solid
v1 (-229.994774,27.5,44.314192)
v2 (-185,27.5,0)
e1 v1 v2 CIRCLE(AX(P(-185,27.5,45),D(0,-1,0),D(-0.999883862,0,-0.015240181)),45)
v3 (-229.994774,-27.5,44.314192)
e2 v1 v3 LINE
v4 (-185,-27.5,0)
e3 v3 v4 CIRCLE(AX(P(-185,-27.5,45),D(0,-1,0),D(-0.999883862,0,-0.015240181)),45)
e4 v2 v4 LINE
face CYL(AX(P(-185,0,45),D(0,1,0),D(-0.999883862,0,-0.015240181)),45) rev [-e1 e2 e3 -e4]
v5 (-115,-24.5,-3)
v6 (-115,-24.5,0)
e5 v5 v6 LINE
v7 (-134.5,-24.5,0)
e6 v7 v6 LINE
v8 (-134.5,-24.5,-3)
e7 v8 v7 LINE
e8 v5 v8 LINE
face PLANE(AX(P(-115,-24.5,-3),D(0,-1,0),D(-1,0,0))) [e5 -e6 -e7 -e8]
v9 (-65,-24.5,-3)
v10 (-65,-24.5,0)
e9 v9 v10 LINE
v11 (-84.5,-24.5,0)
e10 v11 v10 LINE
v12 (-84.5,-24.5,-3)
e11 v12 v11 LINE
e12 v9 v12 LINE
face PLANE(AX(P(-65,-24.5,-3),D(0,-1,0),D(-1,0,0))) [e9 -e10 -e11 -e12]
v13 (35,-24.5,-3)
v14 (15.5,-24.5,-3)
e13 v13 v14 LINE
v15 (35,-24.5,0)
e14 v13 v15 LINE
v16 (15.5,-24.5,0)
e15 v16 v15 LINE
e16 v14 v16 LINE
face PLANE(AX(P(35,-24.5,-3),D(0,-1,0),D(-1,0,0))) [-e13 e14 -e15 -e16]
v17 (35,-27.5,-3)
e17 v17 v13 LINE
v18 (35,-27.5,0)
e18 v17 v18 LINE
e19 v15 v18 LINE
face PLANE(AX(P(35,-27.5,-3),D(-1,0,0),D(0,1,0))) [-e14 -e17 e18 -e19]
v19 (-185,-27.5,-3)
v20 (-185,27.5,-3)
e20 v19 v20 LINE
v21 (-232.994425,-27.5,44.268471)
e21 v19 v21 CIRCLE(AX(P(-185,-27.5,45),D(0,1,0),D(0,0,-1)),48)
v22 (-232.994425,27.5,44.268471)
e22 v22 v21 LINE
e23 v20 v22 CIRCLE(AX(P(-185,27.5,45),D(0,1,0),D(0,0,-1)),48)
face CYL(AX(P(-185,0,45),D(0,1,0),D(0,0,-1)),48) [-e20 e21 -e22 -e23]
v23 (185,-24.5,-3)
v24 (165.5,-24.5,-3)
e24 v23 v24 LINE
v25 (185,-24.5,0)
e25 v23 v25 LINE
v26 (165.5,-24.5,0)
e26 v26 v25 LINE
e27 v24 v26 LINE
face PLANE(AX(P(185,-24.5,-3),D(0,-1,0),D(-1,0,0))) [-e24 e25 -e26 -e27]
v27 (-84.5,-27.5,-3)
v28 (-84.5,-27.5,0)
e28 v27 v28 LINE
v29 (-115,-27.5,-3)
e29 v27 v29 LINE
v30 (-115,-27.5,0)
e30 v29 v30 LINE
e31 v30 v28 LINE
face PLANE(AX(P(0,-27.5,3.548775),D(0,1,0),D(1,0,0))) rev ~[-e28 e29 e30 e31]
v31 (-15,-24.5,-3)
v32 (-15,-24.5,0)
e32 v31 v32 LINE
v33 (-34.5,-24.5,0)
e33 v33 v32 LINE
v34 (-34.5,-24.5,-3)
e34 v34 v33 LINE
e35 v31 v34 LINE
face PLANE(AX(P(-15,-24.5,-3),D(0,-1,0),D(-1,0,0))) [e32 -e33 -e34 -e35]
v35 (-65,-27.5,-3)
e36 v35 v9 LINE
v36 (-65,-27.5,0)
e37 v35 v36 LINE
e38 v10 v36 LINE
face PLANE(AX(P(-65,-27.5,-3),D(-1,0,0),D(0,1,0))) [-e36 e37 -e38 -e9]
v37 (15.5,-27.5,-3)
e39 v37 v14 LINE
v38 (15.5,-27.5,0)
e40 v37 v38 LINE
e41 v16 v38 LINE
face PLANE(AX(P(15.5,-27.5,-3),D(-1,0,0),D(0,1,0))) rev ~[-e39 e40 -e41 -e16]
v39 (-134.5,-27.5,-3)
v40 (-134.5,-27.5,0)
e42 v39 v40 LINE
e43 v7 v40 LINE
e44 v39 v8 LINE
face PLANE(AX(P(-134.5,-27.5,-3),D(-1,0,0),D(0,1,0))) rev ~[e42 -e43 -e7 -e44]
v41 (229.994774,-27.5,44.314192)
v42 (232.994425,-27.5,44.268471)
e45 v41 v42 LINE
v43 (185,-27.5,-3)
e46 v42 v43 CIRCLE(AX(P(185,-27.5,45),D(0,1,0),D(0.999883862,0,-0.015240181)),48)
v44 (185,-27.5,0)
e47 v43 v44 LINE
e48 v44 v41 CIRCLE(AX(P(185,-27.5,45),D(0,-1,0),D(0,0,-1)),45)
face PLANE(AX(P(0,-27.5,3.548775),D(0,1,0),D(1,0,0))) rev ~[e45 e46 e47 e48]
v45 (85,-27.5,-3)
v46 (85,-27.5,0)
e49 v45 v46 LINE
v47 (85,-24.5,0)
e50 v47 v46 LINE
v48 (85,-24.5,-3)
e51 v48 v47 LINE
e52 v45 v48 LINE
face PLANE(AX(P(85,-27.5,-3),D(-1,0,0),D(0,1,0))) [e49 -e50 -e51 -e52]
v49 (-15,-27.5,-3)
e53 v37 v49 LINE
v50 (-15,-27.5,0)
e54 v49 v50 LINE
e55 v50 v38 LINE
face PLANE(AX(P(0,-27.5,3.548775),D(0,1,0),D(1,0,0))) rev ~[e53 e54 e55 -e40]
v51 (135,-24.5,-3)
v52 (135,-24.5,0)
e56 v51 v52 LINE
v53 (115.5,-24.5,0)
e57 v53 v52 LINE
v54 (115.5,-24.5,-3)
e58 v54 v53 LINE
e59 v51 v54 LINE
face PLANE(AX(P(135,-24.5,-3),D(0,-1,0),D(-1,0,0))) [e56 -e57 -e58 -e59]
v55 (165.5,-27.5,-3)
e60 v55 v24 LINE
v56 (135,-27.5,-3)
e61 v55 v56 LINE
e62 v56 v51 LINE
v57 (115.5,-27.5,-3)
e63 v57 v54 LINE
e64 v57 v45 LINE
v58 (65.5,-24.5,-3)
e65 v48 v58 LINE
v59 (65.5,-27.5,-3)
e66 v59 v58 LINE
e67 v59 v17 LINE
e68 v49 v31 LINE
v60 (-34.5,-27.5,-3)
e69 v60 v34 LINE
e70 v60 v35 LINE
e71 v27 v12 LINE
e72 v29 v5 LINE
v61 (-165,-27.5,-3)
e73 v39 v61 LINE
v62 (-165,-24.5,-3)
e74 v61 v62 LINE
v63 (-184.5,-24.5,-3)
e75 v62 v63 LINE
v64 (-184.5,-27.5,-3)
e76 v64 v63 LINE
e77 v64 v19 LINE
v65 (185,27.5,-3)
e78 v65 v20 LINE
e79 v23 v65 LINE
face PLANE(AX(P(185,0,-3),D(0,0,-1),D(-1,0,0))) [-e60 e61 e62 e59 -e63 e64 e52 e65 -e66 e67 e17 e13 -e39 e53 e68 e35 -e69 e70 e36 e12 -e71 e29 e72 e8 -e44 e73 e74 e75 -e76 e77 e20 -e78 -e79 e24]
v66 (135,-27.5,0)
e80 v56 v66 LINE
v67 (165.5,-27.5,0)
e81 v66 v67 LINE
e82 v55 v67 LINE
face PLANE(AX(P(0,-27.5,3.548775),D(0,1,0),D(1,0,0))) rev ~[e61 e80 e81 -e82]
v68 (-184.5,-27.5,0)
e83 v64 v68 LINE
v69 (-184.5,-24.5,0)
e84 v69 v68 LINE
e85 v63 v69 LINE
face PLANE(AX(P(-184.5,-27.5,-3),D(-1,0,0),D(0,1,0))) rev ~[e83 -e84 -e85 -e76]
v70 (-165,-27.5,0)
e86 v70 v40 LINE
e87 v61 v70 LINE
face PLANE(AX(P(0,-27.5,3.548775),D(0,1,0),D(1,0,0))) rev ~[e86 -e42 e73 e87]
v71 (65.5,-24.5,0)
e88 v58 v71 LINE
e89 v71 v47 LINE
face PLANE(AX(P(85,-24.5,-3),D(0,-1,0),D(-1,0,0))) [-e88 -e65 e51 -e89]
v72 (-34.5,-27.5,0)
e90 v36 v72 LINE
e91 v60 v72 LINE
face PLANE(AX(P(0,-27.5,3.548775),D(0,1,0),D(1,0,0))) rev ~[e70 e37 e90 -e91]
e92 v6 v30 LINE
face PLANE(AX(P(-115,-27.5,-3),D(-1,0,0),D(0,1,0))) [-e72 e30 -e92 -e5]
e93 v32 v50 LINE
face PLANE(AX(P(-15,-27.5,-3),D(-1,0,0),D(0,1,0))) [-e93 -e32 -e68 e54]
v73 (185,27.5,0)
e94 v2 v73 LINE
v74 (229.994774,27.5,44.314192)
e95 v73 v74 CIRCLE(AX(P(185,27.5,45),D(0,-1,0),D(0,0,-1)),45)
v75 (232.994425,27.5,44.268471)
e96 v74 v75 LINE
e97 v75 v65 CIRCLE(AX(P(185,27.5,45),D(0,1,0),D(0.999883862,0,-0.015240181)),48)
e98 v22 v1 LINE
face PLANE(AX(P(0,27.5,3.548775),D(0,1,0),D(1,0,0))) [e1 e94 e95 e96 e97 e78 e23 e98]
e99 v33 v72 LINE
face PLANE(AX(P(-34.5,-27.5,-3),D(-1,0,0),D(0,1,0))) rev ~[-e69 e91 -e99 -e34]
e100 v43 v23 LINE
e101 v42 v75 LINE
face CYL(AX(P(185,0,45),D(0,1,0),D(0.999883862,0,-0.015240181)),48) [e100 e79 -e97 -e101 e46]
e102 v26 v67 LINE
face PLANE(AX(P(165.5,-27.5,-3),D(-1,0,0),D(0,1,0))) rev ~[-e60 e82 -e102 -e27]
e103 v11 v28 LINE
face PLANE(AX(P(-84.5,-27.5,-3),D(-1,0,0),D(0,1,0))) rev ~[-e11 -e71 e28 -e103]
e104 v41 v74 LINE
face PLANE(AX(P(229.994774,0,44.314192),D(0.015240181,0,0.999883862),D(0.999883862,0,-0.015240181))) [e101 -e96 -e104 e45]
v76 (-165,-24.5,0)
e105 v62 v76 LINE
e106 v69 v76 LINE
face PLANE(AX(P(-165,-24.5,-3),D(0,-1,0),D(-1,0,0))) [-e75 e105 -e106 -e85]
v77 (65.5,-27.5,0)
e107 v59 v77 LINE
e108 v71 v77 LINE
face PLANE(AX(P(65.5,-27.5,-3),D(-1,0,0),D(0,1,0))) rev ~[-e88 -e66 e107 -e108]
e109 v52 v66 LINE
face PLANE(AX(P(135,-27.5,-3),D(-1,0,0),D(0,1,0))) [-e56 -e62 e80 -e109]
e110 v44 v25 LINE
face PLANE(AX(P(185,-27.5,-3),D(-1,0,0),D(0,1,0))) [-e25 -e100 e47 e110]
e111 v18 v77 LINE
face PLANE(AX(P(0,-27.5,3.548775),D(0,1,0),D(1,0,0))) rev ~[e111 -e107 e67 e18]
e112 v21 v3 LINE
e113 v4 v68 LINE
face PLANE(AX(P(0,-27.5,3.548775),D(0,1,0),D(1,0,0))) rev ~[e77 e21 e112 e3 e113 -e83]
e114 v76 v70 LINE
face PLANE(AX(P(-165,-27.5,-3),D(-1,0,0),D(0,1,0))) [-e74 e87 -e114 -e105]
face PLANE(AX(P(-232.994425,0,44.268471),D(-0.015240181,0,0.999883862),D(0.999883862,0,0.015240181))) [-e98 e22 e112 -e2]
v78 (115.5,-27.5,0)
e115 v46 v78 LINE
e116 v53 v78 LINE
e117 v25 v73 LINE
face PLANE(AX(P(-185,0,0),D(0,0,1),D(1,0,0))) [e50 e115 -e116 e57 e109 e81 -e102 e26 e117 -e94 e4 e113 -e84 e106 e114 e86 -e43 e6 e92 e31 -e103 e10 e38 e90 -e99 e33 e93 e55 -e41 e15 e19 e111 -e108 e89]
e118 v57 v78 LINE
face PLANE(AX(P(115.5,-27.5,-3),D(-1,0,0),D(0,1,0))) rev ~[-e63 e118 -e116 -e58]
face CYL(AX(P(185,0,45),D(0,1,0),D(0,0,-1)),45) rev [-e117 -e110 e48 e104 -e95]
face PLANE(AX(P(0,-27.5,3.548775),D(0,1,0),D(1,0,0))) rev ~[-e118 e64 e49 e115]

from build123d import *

# Parameters (mm, degrees)
BOSS_EXTRUDE4_DEPTH = 27.5
SKETCH2_W           = 19.5
SKETCH2_H           = 3
CUT_EXTRUDE1_DEPTH  = 240.335089361


with BuildPart() as part:
    # Sketch1 → Boss-Extrude4 (new, symmetric)
    with BuildSketch(Plane(origin=(0, 0, 0), x_dir=(1, 0, 0), z_dir=(0, 1, 0))):
        with BuildLine():
            Line((-185, 0), (185, 0))
            ThreePointArc((185, 0), (216.576404427, -12.938641896), (229.994773776, -44.314191845))
            Line((229.994773776, -44.314191845), (232.994425361, -44.268471301))
            ThreePointArc((232.994425361, -44.268471301), (218.681498055, -10.801218022), (185, 3))
            Line((185, 3), (-185, 3))
            ThreePointArc((-185, 3), (-218.681498055, -10.801218022), (-232.994425361, -44.268471301))
            Line((-232.994425361, -44.268471301), (-229.994773776, -44.314191845))
            ThreePointArc((-229.994773776, -44.314191845), (-216.576404427, -12.938641896), (-185, 0))
        make_face()
    extrude(amount=BOSS_EXTRUDE4_DEPTH, both=True)

    # Sketch2 → Cut-Extrude1 (cut, through all)
    with BuildSketch(Plane(origin=(0, 0, -3), x_dir=(-1, 0, 0), z_dir=(0, 0, -1))):
        with Locations((-125.25, -26)):
            Rectangle(SKETCH2_W, SKETCH2_H)
        with Locations((-175.25, -26)):
            Rectangle(SKETCH2_W, SKETCH2_H)
        with Locations((-75.25, -26)):
            Rectangle(SKETCH2_W, SKETCH2_H)
        with Locations((-25.25, -26)):
            Rectangle(SKETCH2_W, SKETCH2_H)
        with Locations((24.75, -26)):
            Rectangle(SKETCH2_W, SKETCH2_H)
        with Locations((74.75, -26)):
            Rectangle(SKETCH2_W, SKETCH2_H)
        with Locations((124.75, -26)):
            Rectangle(SKETCH2_W, SKETCH2_H)
        with Locations((174.75, -26)):
            Rectangle(SKETCH2_W, SKETCH2_H)
    extrude(amount=-CUT_EXTRUDE1_DEPTH, mode=Mode.SUBTRACT)


solid = part.part
